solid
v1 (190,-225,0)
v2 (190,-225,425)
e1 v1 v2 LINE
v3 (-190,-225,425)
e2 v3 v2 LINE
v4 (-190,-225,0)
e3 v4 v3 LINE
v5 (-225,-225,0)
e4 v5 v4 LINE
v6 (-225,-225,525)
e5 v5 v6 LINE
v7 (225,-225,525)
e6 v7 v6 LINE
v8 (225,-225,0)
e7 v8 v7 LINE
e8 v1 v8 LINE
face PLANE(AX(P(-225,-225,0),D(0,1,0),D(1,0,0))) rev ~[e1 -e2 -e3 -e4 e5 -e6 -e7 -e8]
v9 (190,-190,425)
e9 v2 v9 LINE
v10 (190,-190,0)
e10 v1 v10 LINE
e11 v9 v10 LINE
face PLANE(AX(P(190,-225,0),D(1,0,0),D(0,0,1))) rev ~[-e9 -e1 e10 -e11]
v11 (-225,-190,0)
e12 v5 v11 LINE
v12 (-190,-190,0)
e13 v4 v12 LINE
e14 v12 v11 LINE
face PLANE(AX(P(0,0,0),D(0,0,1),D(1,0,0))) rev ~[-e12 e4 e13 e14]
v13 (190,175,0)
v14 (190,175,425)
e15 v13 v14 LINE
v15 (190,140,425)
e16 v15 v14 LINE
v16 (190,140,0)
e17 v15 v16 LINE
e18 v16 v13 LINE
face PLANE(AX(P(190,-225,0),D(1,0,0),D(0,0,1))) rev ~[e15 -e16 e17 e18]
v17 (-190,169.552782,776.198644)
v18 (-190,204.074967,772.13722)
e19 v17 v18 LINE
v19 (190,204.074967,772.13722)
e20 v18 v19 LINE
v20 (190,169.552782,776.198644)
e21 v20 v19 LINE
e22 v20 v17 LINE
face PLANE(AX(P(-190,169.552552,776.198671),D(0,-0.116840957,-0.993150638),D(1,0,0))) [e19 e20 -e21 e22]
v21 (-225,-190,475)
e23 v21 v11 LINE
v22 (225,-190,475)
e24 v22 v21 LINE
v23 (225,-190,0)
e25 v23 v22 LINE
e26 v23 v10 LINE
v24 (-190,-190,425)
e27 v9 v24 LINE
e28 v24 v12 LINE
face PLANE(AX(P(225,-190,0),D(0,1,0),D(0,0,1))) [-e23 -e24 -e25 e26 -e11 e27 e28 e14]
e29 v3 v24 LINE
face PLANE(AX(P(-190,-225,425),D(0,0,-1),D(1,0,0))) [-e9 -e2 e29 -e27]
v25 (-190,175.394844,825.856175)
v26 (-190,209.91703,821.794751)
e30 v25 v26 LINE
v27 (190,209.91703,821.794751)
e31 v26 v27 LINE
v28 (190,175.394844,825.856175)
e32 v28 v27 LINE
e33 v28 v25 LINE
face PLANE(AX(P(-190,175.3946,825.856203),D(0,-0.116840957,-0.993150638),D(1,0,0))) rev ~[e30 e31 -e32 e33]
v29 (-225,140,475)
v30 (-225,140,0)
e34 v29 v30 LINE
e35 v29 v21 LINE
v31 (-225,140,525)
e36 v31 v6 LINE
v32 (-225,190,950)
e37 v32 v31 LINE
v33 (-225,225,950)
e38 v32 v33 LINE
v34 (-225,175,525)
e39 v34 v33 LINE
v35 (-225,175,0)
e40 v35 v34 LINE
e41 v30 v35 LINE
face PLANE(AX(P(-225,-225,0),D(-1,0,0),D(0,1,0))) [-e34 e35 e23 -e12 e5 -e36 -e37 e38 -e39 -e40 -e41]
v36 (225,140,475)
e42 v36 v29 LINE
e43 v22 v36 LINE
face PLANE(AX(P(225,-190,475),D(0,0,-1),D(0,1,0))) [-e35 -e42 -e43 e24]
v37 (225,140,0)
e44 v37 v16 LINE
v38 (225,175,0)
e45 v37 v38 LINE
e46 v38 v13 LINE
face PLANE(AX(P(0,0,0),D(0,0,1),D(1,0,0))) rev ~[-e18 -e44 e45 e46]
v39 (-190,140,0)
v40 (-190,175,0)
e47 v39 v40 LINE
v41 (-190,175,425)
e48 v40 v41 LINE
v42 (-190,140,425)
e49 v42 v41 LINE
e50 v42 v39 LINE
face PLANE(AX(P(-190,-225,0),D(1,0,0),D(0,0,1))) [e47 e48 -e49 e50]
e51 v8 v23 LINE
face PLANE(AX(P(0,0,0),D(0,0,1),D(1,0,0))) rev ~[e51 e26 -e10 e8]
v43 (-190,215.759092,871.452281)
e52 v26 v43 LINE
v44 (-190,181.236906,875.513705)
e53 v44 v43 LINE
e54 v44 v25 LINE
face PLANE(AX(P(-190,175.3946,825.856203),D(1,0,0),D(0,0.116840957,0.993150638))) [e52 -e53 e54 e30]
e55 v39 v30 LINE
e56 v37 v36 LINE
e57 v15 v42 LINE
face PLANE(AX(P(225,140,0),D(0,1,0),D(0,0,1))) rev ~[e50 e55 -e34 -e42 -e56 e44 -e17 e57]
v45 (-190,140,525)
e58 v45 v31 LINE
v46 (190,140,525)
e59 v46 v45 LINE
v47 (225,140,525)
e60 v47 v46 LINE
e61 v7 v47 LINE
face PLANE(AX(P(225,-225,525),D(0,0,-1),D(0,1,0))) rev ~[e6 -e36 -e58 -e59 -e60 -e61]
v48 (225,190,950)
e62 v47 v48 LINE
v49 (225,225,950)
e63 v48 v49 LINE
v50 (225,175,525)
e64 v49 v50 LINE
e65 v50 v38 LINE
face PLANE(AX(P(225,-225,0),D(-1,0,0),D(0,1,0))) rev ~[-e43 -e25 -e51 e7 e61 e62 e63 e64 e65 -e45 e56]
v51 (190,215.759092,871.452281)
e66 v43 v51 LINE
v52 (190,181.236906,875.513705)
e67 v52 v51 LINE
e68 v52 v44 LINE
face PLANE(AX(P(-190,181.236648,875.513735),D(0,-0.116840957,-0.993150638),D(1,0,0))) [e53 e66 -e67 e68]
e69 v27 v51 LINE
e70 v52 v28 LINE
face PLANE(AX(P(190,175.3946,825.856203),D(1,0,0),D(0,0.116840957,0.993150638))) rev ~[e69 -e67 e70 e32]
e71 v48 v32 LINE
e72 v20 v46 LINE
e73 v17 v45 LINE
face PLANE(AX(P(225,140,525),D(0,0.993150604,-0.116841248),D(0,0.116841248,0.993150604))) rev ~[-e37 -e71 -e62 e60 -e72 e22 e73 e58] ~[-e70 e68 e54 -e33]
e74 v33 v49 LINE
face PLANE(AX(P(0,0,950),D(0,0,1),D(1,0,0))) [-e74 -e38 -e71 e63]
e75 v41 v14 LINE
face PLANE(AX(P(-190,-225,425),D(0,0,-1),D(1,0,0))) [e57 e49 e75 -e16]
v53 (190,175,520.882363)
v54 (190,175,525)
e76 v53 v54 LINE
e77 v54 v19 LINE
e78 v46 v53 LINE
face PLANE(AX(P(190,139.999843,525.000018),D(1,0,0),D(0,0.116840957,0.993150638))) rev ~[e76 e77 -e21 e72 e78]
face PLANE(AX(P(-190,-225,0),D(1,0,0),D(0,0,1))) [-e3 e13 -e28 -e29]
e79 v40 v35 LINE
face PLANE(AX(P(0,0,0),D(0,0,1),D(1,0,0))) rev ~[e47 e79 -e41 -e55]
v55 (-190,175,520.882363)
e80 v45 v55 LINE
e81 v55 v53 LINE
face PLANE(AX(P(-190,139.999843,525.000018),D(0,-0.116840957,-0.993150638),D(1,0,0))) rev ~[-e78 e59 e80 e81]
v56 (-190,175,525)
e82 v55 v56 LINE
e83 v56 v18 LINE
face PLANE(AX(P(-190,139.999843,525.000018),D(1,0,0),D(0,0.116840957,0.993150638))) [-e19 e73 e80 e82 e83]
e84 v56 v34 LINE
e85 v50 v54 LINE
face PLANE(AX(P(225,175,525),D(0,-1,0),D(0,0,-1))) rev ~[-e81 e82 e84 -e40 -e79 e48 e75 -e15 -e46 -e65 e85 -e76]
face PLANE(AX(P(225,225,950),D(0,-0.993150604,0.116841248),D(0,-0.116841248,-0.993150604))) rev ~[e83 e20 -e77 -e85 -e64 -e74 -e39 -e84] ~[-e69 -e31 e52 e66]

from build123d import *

# Parameters (mm, degrees)
F0_W     = 450
F0_H     = 450
F1_DEPTH = 950
F2_W     = 11.309118
F2_H     = 7.539391
F2_W_2   = 330
F2_H_2   = 475
F2_W_3   = 50
F2_H_3   = 50
F3_DEPTH = 450.001
F4_W     = 380
F4_H     = 425
F5_DEPTH = 450.001
F6_W     = 380
F6_H     = 50
F6_H_2   = 252.931069
F7_DEPTH = 145.760456


with BuildPart() as f1:
    # F0 (on Top) → F1 (new body)
    with BuildSketch(Plane.XY):
        Rectangle(F0_W, F0_H)
    extrude(amount=F1_DEPTH)

    # F2 (on face) → F3 (cut, through all)
    with BuildSketch(Plane.YZ.offset(225)):
        with Locations((305.345878, 508.181929)):
            Rectangle(F2_W, F2_H)
        Polygon((-225, 950), (-225, 525), (140, 525), (190, 950), align=None)
        with Locations((-25, 237.5)):
            Rectangle(F2_W_2, F2_H_2)
        with Locations((200, 237.5)):
            Rectangle(F2_W_3, F2_H_2)
        Polygon((225, 950), (175, 525), (225, 525), align=None)
        with Locations((200, 500)):
            Rectangle(F2_W_3, F2_H_3)
    extrude(amount=-F3_DEPTH, mode=Mode.SUBTRACT)

    # F4 (on face) → F5 (cut, through all)
    with BuildSketch(Plane.XZ.offset(225)):
        with Locations((0, 212.5)):
            Rectangle(F4_W, F4_H)
    extrude(amount=-F5_DEPTH, mode=Mode.SUBTRACT)

    # F6 (on face) → F7 (cut, through all)
    with BuildSketch(Plane(origin=(0, 77.167235, -9.078498), x_dir=(1, 0, 0), z_dir=(0, -0.993151, 0.116841))):
        with Locations((0, 865.692911)):
            Rectangle(F6_W, F6_H)
        with Locations((0, 664.227376)):
            Rectangle(F6_W, F6_H_2)
    extrude(amount=-F7_DEPTH, mode=Mode.SUBTRACT)


solid = f1.part
